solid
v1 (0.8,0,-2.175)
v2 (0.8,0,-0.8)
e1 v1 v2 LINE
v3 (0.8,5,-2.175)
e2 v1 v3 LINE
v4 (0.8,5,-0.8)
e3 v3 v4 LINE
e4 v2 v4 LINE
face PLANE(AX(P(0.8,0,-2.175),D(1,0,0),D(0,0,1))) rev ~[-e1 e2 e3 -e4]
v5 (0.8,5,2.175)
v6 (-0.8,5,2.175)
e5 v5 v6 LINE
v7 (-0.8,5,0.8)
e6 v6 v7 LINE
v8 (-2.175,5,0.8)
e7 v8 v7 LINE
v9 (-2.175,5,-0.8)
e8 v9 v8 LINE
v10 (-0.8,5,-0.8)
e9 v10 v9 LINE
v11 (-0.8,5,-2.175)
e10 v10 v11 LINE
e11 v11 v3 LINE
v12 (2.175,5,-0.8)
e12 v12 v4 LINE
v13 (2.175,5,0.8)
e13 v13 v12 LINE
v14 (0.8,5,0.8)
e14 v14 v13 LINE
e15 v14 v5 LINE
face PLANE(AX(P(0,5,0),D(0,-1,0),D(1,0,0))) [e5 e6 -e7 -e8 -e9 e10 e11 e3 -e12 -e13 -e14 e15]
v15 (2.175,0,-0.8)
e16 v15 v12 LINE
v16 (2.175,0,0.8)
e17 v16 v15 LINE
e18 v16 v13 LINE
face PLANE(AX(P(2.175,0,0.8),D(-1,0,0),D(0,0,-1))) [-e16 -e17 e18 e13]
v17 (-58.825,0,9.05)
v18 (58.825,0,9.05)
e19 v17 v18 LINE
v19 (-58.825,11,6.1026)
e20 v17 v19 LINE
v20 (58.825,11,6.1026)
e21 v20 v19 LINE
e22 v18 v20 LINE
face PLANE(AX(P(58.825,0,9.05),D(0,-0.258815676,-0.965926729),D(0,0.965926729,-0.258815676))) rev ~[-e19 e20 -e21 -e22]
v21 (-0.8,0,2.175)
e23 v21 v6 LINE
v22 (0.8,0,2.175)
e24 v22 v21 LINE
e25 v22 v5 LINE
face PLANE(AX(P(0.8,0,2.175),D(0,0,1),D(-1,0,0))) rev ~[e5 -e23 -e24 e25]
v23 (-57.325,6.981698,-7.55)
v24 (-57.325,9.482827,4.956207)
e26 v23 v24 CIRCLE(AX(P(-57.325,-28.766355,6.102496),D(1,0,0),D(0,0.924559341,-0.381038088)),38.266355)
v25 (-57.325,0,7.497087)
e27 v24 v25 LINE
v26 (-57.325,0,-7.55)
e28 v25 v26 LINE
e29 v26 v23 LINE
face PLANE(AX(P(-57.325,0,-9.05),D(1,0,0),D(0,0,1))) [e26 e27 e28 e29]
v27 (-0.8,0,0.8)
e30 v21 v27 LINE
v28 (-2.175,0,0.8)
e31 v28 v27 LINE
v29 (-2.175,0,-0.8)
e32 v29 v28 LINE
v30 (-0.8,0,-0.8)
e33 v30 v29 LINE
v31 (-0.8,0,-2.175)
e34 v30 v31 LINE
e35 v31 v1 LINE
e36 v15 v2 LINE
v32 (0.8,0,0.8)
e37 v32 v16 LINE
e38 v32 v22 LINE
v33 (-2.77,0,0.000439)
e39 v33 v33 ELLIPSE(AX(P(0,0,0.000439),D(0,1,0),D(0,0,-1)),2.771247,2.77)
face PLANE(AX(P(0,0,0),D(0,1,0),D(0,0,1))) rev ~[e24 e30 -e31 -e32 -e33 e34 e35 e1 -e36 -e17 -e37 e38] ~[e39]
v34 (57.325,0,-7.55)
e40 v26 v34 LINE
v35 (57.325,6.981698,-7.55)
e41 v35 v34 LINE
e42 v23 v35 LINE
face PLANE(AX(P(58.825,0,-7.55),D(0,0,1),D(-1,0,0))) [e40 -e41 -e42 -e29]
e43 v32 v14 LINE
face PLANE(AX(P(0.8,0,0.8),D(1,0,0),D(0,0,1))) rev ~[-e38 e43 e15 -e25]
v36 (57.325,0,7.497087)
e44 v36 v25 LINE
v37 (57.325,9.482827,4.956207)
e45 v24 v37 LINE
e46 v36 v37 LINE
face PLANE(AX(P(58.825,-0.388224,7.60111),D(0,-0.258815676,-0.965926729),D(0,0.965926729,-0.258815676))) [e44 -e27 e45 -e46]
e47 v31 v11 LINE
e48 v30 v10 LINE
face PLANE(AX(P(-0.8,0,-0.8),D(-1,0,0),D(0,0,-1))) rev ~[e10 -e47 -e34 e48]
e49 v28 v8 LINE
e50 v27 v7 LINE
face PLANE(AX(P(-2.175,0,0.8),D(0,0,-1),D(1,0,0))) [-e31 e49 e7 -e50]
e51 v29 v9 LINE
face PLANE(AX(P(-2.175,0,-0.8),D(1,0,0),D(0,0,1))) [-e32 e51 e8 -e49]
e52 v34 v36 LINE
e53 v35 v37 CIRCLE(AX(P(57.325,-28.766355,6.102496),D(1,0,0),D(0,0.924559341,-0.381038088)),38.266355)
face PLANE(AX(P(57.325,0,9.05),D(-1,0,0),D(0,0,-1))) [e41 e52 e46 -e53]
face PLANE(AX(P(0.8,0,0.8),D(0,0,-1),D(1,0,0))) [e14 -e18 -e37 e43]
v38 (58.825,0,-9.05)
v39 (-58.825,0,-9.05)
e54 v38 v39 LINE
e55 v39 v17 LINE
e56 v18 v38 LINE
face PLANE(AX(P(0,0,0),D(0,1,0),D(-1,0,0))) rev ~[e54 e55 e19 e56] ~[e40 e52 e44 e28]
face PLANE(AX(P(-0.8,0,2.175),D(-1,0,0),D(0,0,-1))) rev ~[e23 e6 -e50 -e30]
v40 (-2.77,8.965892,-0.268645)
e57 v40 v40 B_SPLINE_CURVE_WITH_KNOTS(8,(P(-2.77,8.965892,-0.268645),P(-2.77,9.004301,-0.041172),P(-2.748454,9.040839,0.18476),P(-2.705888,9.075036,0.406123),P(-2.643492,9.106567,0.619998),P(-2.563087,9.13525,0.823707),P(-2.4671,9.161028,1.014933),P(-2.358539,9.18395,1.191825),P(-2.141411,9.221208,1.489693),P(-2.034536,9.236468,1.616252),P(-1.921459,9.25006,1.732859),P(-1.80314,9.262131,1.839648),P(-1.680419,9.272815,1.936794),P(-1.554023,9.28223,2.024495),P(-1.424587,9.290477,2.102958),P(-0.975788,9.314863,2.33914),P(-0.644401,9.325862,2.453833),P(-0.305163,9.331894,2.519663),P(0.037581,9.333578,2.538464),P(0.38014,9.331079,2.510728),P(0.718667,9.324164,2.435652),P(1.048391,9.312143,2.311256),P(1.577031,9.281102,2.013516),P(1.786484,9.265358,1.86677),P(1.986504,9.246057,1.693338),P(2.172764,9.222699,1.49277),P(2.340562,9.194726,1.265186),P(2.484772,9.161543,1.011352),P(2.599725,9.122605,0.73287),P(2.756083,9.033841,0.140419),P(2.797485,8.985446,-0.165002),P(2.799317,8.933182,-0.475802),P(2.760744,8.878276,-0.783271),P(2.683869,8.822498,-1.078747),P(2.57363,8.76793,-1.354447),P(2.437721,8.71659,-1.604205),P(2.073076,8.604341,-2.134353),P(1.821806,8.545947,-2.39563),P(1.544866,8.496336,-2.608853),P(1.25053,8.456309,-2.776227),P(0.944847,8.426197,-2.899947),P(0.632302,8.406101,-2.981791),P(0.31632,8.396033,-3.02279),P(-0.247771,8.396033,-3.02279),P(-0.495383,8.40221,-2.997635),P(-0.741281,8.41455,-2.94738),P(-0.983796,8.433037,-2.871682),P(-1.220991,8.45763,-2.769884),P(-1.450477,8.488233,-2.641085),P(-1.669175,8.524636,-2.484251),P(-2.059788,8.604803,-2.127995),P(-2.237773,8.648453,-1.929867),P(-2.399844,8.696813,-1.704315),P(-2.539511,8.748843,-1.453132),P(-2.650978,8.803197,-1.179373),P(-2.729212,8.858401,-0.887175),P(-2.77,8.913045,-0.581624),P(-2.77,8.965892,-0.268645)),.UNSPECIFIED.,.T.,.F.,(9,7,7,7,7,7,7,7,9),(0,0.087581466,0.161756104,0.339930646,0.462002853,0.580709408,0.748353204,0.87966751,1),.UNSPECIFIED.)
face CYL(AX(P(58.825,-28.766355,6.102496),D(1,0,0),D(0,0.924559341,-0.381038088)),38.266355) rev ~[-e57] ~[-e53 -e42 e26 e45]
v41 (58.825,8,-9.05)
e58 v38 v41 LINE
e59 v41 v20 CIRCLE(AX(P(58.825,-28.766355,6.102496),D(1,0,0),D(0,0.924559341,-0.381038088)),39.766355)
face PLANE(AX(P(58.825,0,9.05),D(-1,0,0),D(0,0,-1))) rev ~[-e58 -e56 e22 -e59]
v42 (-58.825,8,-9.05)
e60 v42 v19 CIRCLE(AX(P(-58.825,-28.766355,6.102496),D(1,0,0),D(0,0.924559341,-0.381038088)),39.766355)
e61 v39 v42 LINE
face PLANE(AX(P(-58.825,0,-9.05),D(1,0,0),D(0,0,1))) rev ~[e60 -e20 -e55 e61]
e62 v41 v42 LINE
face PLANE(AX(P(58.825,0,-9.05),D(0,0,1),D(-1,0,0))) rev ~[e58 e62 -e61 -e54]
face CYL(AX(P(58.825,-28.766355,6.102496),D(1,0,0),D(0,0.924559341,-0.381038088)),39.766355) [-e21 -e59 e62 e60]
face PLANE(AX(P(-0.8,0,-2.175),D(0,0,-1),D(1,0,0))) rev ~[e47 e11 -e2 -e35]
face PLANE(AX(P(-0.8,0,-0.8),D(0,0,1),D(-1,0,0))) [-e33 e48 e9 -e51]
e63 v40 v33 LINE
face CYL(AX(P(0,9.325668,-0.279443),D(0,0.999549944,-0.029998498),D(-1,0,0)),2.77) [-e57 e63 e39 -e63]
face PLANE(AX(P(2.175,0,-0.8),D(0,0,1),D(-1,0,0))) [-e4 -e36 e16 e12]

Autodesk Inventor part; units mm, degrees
ref_plane "YZ Plane" through (0, 0, 0) normal (1, 0, 0) x (0, 1, 0)
ref_plane "XZ Plane" through (0, 0, 0) normal (0, 1, 0) x (-1, 0, 0)
sketch "Spacebar base" plane through (0, 0, 0) normal (0, 1, 0) x (-1, 0, 0)
  line L0 (58.825, 9.05) -> (-58.825, 9.05)
  line L1 (-58.825, 9.05) -> (-58.825, -9.05)
  line L2 (-58.825, -9.05) -> (58.825, -9.05)
  line L3 (58.825, -9.05) -> (58.825, 9.05)
  line L4 (58.825, 9.05) -> (-58.825, -9.05) construction
  line L5 (-58.825, 9.05) -> (58.825, -9.05) construction
  point P0 (0, 0)
  dimension "d0" = 117.65
  dimension "d1" = 18.1
extrude "Spacebar Bulk" add sketch "Spacebar base" along normal blind 11
sketch "Curve Profile" plane through (58.825, 0, 9.05) normal (1, 0, 0) x (0, 0, -1)
  line L0 (0, 0) -> (18.1, 0) projected
  line L1 (0, 0) -> (2.9474, 11)
  line L2 (0, 11) -> (18.1, 11) projected
  line L3 (18.1, 0) -> (18.1, 11) projected
  arc A0 (18.1, 8) -> (2.9474, 11) centre (2.9474, -28.7667) ccw
  line L4 (0, 0) -> (0, 11) projected
  line L5 (18.1, 8) -> (18.1, 0)
  line L6 (18.1, 0) -> (0, 0)
  point P0 (9.05, 0)
  dimension "d4" = 15
  dimension "d9" = 8
extrude "Curve Cutaway" cut sketch "Curve Profile" against normal up to surface (117.65 mm away) contours L1 A0 L3 L0 keep common part
shell "Inner Shell" thickness 1.5 removed faces 1 at (19.6083, 0, 3.0167)
ref_plane "PoleBase Plane" through (57.325, 9.4828, 4.9562) normal (0, 0.9996, -0.03) x (-1, 0, 0)
sketch "Center Circle" plane through (57.325, 9.4828, 4.9562) normal (0, 0.9996, -0.03) x (-1, 0, 0)
  circle A0 centre (57.325, -5.238) radius 2.77
  dimension "d11" = 5.54
extrude "Pole Extrusion" add sketch "Center Circle" against normal up to surface surface through (0, 0, 0) normal (0, 1, 0)
sketch "Sketch4" plane through (0, 0, 0) normal (0, -1, 0) x (1, 0, 0)
  line L0 (-2.175, 0.8) -> (2.175, 0.8)
  line L1 (2.175, 0.8) -> (2.175, -0.8)
  line L2 (2.175, -0.8) -> (-2.175, -0.8)
  line L3 (-2.175, -0.8) -> (-2.175, 0.8)
  line L4 (-2.175, 0.8) -> (2.175, -0.8) construction
  line L5 (2.175, 0.8) -> (-2.175, -0.8) construction
  line L6 (0.8, 2.175) -> (-0.8, 2.175)
  line L7 (-0.8, 2.175) -> (-0.8, -2.175)
  line L8 (-0.8, -2.175) -> (0.8, -2.175)
  line L9 (0.8, -2.175) -> (0.8, 2.175)
  line L10 (0.8, 2.175) -> (-0.8, -2.175) construction
  line L11 (-0.8, 2.175) -> (0.8, -2.175) construction
  point P0 (0, 0)
  dimension "d14" = 4.35
  dimension "d15" = 1.6
  dimension "d16" = 1.6
  dimension "d17" = 4.35
extrude "Extrusion4" cut sketch "Sketch4" against normal blind 5
equation "\"d0\" = b_space"
equation "\"d1\" = k_width"
equation "\"d10\" = k_wthick"
equation "\"d11\" = k_poledia"
equation "\"d14\" = k_cmxl"
equation "\"d15\" = k_cmxw"
equation "\"d16\" = k_cmxw"
equation "\"d17\" = k_cmxl"
equation "\"k_width\" = 18.1"
equation "\"k_height\" = 18"
equation "\"k_height_t\" = 16"
equation "\"k_taper1\" = 1.5"
equation "\"k_taper2\" = 0.5"
equation "\"k_staper\" = 1"
equation "\"k_sradius\" = 4"
equation "\"k_ltaper\" = 1.5"
equation "\"k_lradius\" = 6"
equation "\"k_radius\" = 6"
equation "\"k_wthick\" = 1.5"
equation "\"k_ribthick\" = 1.5"
equation "\"k_ribheight\" = 5"
equation "\"k_poleoff\" = 2.2625"
equation "\"k_poledia\" = 5.54"
equation "\"k_cmxw\" = 1.6"
equation "\"k_cmxl\" = 4.35"
equation "\"s_bwidth\" = 15.6"
equation "\"s_poleh\" = 3.6"
equation "\"s_polebw\" = 5.5"
equation "\"s_polebl\" = 7"
equation "\"b_pad\" = 1"
equation "\"b_tab\" = 27.15"
equation "\"b_caps\" = 31.675"
equation "\"b_lshift\" = 40.725"
equation "\"b_rshift\" = 49.775"
equation "\"b_ctrl\" = 22.625"
equation "\"b_space\" = 117.65"
equation "\"b_width\" = 286.5"
equation "\"b_height\" = 77.4"
equation "\"k_taper_wide\" = 1.5"
equation "\"k_height_low\" = 16"
equation "\"k_taper_thin\" = 0.5"
properties part number "spacebar-keycap_mockup_cherrymx"
